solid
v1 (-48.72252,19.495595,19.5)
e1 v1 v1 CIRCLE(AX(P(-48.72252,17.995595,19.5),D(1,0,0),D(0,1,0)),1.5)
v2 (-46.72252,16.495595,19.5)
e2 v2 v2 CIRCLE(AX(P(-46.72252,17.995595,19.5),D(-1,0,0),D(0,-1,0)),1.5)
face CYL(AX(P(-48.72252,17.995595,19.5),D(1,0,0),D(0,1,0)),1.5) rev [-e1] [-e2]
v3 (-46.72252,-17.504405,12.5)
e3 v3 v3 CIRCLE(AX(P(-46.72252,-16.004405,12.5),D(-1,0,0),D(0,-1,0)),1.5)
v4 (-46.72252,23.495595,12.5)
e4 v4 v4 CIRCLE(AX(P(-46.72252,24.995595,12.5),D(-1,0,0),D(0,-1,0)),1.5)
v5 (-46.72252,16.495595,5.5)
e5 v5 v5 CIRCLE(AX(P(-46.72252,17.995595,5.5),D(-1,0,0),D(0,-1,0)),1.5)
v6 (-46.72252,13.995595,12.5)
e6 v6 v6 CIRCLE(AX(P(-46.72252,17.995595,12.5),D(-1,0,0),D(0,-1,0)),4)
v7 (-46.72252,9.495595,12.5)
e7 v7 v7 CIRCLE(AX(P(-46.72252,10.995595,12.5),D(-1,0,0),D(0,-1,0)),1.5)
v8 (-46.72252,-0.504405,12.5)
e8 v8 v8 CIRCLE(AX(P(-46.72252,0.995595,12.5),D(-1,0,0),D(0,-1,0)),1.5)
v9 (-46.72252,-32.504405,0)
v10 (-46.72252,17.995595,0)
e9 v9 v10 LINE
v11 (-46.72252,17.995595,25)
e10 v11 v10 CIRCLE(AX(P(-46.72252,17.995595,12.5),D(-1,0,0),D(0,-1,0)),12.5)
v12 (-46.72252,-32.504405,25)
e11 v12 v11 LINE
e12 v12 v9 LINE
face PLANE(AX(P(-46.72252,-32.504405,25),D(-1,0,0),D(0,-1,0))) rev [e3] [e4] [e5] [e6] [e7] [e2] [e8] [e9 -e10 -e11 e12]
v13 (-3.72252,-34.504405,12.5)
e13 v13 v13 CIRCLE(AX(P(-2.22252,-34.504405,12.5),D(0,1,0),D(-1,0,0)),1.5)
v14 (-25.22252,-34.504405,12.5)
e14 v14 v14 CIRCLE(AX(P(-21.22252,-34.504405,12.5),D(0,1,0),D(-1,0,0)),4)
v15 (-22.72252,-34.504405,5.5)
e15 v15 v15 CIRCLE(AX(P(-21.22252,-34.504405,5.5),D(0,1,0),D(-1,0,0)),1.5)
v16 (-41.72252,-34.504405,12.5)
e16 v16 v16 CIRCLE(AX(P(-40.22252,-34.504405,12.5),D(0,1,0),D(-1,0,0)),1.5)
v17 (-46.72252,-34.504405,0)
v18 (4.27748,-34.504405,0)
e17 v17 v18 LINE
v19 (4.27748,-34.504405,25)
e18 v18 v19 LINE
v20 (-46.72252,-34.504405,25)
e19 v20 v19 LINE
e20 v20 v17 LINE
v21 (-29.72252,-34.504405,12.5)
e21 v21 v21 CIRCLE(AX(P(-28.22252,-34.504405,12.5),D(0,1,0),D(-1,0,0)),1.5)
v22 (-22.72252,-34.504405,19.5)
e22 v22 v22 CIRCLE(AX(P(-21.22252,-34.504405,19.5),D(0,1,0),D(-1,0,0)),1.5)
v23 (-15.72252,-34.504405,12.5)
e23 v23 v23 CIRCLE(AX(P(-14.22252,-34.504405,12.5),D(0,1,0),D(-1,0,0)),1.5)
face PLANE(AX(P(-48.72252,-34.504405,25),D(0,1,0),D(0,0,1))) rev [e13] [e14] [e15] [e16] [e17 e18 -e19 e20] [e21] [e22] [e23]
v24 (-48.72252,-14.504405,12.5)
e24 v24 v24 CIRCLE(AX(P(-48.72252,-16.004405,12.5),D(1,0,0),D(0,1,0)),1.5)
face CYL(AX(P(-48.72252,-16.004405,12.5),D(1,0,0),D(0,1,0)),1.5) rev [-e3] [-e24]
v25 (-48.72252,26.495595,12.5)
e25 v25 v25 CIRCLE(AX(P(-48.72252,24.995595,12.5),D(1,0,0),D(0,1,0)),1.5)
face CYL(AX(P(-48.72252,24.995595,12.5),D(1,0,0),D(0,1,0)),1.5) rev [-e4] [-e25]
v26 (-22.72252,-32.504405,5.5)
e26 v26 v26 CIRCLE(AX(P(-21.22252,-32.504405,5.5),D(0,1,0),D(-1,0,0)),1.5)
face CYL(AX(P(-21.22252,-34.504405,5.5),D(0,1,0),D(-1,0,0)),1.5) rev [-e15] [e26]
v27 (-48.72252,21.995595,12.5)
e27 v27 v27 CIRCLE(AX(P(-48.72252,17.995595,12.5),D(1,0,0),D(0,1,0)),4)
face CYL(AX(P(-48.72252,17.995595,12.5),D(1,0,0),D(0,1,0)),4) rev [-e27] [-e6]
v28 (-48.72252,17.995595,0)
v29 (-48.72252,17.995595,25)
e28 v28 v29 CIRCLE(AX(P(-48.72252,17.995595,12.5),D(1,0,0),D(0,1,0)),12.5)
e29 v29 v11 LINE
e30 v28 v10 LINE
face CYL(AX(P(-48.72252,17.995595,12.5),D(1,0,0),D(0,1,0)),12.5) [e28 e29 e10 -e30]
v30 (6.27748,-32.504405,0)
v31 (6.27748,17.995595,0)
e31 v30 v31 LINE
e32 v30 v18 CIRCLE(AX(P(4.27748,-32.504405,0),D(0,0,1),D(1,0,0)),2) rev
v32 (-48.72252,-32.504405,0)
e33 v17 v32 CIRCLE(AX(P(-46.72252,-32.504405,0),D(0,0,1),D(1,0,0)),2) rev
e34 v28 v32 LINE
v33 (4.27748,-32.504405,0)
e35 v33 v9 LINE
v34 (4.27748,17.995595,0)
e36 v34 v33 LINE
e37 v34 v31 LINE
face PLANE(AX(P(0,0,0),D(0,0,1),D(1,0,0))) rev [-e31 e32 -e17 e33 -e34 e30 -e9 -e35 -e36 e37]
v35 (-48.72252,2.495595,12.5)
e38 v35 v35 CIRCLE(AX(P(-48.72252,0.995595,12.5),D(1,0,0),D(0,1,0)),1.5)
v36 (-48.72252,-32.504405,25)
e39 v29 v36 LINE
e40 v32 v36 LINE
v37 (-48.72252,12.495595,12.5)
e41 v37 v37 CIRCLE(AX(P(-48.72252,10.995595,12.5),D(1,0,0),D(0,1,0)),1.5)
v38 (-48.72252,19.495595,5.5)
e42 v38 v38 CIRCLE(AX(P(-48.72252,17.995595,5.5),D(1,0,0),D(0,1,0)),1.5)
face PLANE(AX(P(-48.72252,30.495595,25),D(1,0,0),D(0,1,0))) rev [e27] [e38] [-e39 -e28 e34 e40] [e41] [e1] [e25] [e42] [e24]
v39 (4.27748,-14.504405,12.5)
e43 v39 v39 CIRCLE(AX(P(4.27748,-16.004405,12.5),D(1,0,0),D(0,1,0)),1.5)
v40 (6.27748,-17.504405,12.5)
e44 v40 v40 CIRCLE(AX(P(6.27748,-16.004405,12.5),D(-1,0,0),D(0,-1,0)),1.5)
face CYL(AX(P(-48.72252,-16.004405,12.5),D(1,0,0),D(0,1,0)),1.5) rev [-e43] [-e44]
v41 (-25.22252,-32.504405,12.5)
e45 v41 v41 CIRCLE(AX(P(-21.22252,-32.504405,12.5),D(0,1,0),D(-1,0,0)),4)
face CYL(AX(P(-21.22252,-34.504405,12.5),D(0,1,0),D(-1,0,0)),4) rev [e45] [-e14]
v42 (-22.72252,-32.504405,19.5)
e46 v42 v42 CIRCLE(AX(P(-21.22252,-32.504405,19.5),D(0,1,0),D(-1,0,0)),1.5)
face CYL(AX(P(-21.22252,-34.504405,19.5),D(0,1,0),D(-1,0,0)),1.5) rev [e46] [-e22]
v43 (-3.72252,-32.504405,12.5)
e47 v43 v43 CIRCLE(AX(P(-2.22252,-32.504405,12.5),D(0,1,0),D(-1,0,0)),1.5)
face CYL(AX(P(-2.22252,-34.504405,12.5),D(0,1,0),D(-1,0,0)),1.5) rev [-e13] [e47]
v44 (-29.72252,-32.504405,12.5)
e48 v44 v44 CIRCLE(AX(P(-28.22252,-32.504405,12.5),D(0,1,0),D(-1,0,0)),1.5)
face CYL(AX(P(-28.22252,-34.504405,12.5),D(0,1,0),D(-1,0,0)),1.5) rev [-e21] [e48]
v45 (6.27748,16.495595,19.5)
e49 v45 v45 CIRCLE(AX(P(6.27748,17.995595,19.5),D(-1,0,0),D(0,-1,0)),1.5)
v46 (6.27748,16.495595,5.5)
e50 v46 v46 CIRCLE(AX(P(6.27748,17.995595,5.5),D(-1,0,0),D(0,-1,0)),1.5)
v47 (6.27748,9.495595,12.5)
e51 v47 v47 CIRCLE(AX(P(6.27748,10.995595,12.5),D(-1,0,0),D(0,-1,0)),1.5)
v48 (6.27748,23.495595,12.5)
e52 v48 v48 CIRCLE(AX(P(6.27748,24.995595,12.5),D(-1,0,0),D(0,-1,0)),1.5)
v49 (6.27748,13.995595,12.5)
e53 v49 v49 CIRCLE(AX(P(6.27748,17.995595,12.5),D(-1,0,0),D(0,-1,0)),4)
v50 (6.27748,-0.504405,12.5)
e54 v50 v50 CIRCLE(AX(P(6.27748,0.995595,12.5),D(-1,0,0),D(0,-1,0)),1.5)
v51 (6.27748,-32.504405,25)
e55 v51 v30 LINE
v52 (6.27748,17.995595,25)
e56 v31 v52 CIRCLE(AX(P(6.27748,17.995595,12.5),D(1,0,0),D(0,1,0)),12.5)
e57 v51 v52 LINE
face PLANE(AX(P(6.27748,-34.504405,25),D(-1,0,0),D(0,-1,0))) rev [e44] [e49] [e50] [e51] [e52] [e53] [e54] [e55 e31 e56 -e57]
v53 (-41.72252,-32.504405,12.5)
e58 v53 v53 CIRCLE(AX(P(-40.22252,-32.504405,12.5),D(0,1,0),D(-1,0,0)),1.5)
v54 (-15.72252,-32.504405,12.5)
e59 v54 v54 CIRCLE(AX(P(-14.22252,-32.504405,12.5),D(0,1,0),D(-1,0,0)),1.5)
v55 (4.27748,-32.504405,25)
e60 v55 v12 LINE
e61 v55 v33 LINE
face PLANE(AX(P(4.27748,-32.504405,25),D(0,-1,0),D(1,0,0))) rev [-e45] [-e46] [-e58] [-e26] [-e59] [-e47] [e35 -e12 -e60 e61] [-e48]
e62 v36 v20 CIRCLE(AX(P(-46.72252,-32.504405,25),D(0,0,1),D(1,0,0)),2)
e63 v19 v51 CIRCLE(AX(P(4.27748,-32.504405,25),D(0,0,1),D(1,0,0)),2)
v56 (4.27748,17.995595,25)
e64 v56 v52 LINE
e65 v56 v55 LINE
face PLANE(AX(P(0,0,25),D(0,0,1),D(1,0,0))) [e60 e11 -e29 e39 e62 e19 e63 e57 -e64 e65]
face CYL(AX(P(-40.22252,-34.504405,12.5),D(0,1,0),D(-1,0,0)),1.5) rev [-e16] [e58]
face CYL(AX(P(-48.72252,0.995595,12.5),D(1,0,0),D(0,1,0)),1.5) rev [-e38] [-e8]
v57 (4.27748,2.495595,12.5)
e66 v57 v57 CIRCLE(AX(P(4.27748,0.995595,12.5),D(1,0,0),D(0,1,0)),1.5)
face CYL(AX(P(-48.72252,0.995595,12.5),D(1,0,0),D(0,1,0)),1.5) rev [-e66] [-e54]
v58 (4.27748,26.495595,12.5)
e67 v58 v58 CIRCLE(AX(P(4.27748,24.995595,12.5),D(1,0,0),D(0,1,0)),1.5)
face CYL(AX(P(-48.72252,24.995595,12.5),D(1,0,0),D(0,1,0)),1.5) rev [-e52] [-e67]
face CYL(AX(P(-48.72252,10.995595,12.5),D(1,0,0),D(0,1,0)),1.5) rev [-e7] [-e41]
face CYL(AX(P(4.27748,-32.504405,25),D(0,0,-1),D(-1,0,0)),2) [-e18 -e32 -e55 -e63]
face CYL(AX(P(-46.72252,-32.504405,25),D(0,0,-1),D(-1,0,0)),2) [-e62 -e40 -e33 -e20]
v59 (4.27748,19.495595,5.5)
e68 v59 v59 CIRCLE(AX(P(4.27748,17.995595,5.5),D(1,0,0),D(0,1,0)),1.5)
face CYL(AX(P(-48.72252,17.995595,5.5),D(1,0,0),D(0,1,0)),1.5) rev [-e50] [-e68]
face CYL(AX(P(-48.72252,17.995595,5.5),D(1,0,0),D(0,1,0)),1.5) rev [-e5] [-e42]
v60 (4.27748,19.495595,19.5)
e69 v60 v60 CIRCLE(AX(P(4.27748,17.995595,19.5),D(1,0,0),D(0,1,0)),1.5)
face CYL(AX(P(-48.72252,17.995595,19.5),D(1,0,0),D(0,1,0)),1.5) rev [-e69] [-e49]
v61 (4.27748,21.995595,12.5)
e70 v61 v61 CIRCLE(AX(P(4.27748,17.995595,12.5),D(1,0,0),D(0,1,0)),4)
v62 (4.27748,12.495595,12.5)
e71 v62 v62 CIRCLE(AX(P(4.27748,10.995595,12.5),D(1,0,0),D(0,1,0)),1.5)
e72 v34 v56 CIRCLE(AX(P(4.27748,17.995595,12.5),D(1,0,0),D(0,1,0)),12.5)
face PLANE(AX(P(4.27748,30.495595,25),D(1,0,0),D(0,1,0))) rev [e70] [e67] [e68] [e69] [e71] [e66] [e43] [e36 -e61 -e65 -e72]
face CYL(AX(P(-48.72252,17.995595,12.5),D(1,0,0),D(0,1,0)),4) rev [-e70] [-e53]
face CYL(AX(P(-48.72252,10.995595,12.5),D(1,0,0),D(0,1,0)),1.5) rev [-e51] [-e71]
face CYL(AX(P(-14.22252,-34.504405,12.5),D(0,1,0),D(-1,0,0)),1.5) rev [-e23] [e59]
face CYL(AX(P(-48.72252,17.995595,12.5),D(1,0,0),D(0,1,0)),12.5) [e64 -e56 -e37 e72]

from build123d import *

# Parameters (mm, degrees)
ESTRUSIONE_ESTRUSIONE1_DEPTH  = 25
RACCORDO1_R                   = 2
RACCORDO2_R                   = 2
TAGLIO_ESTRUSIONE5_DEPTH      = 1
TAGLIO_ESTRUSIONE5_DEPTH_BACK = 56
SCHIZZO8_9_R                  = 1.5
SCHIZZO8_9_R_2                = 4
TAGLIO_ESTRUSIONE6_DEPTH      = 1
TAGLIO_ESTRUSIONE6_DEPTH_BACK = 56
SCHIZZO11_R                   = 4
SCHIZZO11_R_2                 = 1.5
TAGLIO_ESTRUSIONE7_DEPTH      = 64
TAGLIO_ESTRUSIONE7_DEPTH_BACK = 3


with BuildPart() as part:
    # Schizzo4 → Estrusione-Estrusione1 (new body)
    with BuildSketch(Plane.XY):
        Polygon((-48.72252025, 30.495594714), (-48.72252025, -34.504405286), (6.27747975, -34.504405286), (6.27747975, 30.495594714), (4.27747975, 30.495594714), (4.27747975, -32.504405286), (-46.72252025, -32.504405286), (-46.72252025, 30.495594714), align=None)
    extrude(amount=ESTRUSIONE_ESTRUSIONE1_DEPTH)

    # Raccordo1
    raccordo1_edges = [part.edges().sort_by_distance(p)[0] for p in [
        (6.27747975, -34.504405286, 12.5),
    ]]
    fillet(raccordo1_edges, radius=RACCORDO1_R)

    # Raccordo2
    raccordo2_edges = [part.edges().sort_by_distance(p)[0] for p in [
        (-48.72252025, -34.504405286, 12.5),
    ]]
    fillet(raccordo2_edges, radius=RACCORDO2_R)

    # Schizzo8 → Taglio-Estrusione5 (cut, two sides)
    with BuildSketch(Plane(origin=(6.27747975, 0, 0), x_dir=(0, 0, -1), z_dir=(1, 0, 0))) as taglio_estrusione5_sk:
        with BuildLine():
            Line((0, 30.495594714), (-12.5, 30.495594714))
            ThreePointArc((-12.5, 30.495594714), (-3.661165235, 26.834429478), (0, 17.995594714))
            Line((0, 17.995594714), (0, 30.495594714))
        make_face()
        with BuildLine():
            Line((-12.5, 30.495594714), (-25, 30.495594714))
            Line((-25, 30.495594714), (-25, 17.995594714))
            ThreePointArc((-25, 17.995594714), (-21.338834765, 26.834429478), (-12.5, 30.495594714))
        make_face()
    extrude(amount=TAGLIO_ESTRUSIONE5_DEPTH, mode=Mode.SUBTRACT)
    extrude(taglio_estrusione5_sk.sketch, amount=-TAGLIO_ESTRUSIONE5_DEPTH_BACK, mode=Mode.SUBTRACT)

    # Schizzo8<9> → Taglio-Estrusione6 (cut, two sides)
    with BuildSketch(Plane(origin=(6.27747975, 0, 0), x_dir=(0, 0, -1), z_dir=(1, 0, 0))) as taglio_estrusione6_sk:
        with Locations((-19.5, 17.995594714)):
            Circle(SCHIZZO8_9_R)
        with Locations((-12.5, 17.995594714)):
            Circle(SCHIZZO8_9_R_2)
        with Locations((-12.5, 24.995594714)):
            Circle(SCHIZZO8_9_R)
        with Locations((-5.5, 17.995594714)):
            Circle(SCHIZZO8_9_R)
        with Locations((-12.5, 10.995594714)):
            Circle(SCHIZZO8_9_R)
        with Locations((-12.5, 0.995594714)):
            Circle(SCHIZZO8_9_R)
        with Locations((-12.5, -16.004405286)):
            Circle(SCHIZZO8_9_R)
    extrude(amount=TAGLIO_ESTRUSIONE6_DEPTH, mode=Mode.SUBTRACT)
    extrude(taglio_estrusione6_sk.sketch, amount=-TAGLIO_ESTRUSIONE6_DEPTH_BACK, mode=Mode.SUBTRACT)

    # Schizzo11 → Taglio-Estrusione7 (cut, two sides)
    with BuildSketch(Plane(origin=(0, -32.504405286, 0), x_dir=(1, 0, 0), z_dir=(0, 1, 0))) as taglio_estrusione7_sk:
        with Locations((-21.22252025, -12.5)):
            Circle(SCHIZZO11_R)
        with Locations((-21.22252025, -5.5)):
            Circle(SCHIZZO11_R_2)
        with Locations((-28.22252025, -12.5)):
            Circle(SCHIZZO11_R_2)
        with Locations((-21.22252025, -19.5)):
            Circle(SCHIZZO11_R_2)
        with Locations((-14.22252025, -12.5)):
            Circle(SCHIZZO11_R_2)
        with Locations((-2.22252025, -12.5)):
            Circle(SCHIZZO11_R_2)
        with Locations((-40.22252025, -12.5)):
            Circle(SCHIZZO11_R_2)
    extrude(amount=TAGLIO_ESTRUSIONE7_DEPTH, mode=Mode.SUBTRACT)
    extrude(taglio_estrusione7_sk.sketch, amount=-TAGLIO_ESTRUSIONE7_DEPTH_BACK, mode=Mode.SUBTRACT)


solid = part.part
